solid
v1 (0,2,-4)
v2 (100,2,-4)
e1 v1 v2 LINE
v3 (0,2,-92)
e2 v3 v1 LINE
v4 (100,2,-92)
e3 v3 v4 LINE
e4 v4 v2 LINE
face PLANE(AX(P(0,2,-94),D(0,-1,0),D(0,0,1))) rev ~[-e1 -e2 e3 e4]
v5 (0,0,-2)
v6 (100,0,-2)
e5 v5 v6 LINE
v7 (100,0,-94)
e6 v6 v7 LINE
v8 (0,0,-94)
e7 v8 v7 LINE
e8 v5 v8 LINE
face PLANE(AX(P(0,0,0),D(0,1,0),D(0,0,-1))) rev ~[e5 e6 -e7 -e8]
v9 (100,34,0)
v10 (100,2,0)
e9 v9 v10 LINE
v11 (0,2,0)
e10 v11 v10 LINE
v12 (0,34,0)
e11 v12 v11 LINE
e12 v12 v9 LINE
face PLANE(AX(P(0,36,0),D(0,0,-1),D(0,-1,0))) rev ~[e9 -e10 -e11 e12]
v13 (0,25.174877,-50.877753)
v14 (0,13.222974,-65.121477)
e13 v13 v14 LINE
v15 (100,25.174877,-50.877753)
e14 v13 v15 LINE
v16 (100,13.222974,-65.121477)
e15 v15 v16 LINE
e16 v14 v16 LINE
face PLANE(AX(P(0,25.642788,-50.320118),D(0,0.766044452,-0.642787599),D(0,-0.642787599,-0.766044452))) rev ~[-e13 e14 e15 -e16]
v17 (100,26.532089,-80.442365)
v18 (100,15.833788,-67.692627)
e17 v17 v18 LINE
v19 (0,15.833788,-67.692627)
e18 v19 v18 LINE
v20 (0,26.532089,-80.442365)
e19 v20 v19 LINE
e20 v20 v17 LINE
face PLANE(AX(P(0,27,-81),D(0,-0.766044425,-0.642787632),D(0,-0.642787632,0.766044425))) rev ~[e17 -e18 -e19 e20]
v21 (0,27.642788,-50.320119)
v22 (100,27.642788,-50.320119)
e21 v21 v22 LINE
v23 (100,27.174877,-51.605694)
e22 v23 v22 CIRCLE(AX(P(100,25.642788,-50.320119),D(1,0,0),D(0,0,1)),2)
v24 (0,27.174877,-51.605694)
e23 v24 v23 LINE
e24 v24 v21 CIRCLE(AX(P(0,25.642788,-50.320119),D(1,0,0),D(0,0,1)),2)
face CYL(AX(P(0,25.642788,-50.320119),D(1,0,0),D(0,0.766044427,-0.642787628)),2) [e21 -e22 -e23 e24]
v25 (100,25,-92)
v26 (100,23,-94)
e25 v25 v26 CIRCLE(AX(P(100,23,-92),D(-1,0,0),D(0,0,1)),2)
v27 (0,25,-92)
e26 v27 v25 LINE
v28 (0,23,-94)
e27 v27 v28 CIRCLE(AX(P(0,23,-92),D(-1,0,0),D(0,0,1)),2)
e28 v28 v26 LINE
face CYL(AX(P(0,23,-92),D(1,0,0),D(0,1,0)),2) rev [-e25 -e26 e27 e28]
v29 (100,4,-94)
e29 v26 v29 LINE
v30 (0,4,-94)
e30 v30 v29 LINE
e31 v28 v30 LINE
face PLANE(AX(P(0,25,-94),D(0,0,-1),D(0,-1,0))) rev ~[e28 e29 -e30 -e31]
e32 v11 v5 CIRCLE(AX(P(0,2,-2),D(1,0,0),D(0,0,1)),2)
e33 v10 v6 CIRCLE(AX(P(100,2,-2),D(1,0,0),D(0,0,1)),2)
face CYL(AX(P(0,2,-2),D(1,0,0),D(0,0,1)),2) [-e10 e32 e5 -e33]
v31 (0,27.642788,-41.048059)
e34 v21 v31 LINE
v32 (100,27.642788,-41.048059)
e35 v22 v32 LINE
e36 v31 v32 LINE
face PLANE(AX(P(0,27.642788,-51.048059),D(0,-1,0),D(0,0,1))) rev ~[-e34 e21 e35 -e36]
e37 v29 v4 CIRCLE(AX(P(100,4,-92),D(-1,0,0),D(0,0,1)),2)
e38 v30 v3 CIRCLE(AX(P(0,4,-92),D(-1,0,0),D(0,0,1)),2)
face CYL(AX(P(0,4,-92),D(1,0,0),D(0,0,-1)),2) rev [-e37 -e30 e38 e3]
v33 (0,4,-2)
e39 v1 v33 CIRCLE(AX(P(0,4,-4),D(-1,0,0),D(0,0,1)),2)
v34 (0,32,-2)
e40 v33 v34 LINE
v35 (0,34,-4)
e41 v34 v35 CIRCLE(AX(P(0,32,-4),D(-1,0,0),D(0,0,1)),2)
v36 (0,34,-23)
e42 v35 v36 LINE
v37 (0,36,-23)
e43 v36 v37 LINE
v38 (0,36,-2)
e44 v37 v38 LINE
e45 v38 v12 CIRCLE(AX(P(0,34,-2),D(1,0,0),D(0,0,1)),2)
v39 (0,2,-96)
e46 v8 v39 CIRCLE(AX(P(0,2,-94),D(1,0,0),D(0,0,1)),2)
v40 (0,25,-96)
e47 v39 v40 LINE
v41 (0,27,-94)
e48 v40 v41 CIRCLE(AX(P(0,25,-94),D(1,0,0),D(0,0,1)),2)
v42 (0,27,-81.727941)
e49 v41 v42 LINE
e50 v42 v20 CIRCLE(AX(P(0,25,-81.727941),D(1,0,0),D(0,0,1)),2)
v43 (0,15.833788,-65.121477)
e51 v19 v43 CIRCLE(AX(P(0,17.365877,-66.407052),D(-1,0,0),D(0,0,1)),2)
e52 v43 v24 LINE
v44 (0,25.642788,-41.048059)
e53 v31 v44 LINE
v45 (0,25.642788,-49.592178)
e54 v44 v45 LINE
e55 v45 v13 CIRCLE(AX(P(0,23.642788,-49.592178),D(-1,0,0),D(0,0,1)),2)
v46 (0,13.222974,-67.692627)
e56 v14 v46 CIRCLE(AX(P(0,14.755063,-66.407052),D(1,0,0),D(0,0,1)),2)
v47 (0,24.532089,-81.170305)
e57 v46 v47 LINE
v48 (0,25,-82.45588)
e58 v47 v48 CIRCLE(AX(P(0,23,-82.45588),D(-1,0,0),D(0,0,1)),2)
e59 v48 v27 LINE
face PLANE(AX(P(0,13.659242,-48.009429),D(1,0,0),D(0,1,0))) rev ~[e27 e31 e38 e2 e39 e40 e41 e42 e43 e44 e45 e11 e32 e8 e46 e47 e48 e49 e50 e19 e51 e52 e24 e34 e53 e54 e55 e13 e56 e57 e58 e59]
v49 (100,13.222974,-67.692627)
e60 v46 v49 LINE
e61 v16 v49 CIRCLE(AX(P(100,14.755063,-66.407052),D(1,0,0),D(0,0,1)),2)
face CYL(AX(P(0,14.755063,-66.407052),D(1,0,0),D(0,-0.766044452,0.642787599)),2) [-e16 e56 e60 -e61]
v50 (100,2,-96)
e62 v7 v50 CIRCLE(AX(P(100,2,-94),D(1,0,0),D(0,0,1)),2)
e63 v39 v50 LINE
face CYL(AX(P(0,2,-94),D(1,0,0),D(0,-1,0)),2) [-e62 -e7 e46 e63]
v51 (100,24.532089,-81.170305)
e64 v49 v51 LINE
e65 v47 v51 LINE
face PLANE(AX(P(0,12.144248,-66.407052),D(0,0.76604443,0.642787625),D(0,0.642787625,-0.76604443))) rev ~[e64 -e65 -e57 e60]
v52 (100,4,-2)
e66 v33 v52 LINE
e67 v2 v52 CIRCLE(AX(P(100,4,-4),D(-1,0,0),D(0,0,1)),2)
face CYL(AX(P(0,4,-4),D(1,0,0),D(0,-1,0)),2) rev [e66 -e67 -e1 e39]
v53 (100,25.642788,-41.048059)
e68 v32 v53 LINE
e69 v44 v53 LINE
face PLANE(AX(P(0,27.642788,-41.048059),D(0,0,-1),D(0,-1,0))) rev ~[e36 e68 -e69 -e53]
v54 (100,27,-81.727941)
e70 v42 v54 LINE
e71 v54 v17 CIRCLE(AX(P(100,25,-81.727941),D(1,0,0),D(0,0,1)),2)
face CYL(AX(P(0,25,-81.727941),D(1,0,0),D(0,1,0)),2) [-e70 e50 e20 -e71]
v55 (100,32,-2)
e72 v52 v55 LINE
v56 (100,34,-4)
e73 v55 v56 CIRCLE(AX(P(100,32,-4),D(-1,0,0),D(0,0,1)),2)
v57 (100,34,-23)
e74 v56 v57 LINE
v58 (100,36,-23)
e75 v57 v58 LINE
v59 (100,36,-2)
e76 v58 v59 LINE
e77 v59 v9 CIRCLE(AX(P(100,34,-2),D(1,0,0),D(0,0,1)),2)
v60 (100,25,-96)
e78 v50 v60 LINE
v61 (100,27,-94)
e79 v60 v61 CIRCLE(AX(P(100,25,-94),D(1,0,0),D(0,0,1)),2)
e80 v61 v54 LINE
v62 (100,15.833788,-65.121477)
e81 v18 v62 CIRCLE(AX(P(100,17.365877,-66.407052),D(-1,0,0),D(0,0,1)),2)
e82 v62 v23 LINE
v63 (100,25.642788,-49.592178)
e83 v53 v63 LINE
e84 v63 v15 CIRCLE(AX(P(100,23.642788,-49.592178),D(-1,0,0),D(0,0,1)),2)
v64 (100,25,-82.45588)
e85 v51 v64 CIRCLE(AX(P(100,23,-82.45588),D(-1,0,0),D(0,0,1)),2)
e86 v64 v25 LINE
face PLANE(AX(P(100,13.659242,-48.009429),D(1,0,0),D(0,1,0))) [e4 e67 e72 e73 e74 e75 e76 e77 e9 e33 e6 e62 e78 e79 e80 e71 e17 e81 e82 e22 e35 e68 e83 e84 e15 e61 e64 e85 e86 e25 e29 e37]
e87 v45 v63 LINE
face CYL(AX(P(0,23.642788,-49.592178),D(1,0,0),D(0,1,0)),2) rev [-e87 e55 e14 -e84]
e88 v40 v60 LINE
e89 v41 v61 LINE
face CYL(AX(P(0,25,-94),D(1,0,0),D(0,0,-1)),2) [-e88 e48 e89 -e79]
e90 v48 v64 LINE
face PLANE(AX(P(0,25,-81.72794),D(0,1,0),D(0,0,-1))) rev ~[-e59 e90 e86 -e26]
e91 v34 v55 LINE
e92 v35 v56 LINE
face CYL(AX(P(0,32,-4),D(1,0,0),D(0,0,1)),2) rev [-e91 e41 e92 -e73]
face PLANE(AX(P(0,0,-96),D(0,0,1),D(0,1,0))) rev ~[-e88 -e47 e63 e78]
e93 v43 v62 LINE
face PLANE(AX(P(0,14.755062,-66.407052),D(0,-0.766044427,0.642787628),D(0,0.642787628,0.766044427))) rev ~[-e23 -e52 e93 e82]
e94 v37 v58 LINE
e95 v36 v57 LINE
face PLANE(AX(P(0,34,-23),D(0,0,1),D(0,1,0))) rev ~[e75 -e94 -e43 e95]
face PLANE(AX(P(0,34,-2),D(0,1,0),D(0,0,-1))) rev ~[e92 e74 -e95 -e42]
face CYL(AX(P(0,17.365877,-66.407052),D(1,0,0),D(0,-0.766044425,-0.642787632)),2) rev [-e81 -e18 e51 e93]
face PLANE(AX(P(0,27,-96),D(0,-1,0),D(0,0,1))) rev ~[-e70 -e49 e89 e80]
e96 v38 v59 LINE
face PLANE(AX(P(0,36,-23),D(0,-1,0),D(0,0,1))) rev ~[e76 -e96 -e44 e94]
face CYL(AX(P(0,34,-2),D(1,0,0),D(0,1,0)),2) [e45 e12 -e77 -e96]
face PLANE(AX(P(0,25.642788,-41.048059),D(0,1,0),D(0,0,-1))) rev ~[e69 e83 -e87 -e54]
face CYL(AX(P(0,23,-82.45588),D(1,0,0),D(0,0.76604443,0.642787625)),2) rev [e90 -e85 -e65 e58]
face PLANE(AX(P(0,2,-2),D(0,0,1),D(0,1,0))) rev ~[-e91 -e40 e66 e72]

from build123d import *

# Parameters (mm, degrees)
F1_DEPTH = 100
F2_R     = 2


with BuildPart() as f1:
    # F0 (on Right) → F1 (new body)
    with BuildSketch(Plane.YZ):
        Polygon((34, -23), (36, -23), (36, 0), (0, 0), (0, -96), (27, -96), (27, -81), (14.755062, -66.407052), (27.642788, -51.048059), (27.642788, -41.048059), (25.642788, -41.048059), (25.642788, -50.320118), (12.144248, -66.407052), (25, -81.72794), (25, -94), (2, -94), (2, -2), (34, -2), align=None)
    extrude(amount=F1_DEPTH)

    # F2
    f2_edges = [f1.edges().sort_by_distance(p)[0] for p in [
        (50, 36, 0),
        (50, 0, 0),
        (50, 34, -2),
        (50, 2, -2),
        (50, 0, -96),
        (50, 27, -96),
        (50, 27, -81),
        (50, 14.755062, -66.407052),
        (50, 27.642788, -51.048059),
        (50, 2, -94),
        (50, 25, -94),
        (50, 25, -81.72794),
        (50, 12.144248, -66.407052),
        (50, 25.642788, -50.320118),
    ]]
    fillet(f2_edges, radius=F2_R)


solid = f1.part
